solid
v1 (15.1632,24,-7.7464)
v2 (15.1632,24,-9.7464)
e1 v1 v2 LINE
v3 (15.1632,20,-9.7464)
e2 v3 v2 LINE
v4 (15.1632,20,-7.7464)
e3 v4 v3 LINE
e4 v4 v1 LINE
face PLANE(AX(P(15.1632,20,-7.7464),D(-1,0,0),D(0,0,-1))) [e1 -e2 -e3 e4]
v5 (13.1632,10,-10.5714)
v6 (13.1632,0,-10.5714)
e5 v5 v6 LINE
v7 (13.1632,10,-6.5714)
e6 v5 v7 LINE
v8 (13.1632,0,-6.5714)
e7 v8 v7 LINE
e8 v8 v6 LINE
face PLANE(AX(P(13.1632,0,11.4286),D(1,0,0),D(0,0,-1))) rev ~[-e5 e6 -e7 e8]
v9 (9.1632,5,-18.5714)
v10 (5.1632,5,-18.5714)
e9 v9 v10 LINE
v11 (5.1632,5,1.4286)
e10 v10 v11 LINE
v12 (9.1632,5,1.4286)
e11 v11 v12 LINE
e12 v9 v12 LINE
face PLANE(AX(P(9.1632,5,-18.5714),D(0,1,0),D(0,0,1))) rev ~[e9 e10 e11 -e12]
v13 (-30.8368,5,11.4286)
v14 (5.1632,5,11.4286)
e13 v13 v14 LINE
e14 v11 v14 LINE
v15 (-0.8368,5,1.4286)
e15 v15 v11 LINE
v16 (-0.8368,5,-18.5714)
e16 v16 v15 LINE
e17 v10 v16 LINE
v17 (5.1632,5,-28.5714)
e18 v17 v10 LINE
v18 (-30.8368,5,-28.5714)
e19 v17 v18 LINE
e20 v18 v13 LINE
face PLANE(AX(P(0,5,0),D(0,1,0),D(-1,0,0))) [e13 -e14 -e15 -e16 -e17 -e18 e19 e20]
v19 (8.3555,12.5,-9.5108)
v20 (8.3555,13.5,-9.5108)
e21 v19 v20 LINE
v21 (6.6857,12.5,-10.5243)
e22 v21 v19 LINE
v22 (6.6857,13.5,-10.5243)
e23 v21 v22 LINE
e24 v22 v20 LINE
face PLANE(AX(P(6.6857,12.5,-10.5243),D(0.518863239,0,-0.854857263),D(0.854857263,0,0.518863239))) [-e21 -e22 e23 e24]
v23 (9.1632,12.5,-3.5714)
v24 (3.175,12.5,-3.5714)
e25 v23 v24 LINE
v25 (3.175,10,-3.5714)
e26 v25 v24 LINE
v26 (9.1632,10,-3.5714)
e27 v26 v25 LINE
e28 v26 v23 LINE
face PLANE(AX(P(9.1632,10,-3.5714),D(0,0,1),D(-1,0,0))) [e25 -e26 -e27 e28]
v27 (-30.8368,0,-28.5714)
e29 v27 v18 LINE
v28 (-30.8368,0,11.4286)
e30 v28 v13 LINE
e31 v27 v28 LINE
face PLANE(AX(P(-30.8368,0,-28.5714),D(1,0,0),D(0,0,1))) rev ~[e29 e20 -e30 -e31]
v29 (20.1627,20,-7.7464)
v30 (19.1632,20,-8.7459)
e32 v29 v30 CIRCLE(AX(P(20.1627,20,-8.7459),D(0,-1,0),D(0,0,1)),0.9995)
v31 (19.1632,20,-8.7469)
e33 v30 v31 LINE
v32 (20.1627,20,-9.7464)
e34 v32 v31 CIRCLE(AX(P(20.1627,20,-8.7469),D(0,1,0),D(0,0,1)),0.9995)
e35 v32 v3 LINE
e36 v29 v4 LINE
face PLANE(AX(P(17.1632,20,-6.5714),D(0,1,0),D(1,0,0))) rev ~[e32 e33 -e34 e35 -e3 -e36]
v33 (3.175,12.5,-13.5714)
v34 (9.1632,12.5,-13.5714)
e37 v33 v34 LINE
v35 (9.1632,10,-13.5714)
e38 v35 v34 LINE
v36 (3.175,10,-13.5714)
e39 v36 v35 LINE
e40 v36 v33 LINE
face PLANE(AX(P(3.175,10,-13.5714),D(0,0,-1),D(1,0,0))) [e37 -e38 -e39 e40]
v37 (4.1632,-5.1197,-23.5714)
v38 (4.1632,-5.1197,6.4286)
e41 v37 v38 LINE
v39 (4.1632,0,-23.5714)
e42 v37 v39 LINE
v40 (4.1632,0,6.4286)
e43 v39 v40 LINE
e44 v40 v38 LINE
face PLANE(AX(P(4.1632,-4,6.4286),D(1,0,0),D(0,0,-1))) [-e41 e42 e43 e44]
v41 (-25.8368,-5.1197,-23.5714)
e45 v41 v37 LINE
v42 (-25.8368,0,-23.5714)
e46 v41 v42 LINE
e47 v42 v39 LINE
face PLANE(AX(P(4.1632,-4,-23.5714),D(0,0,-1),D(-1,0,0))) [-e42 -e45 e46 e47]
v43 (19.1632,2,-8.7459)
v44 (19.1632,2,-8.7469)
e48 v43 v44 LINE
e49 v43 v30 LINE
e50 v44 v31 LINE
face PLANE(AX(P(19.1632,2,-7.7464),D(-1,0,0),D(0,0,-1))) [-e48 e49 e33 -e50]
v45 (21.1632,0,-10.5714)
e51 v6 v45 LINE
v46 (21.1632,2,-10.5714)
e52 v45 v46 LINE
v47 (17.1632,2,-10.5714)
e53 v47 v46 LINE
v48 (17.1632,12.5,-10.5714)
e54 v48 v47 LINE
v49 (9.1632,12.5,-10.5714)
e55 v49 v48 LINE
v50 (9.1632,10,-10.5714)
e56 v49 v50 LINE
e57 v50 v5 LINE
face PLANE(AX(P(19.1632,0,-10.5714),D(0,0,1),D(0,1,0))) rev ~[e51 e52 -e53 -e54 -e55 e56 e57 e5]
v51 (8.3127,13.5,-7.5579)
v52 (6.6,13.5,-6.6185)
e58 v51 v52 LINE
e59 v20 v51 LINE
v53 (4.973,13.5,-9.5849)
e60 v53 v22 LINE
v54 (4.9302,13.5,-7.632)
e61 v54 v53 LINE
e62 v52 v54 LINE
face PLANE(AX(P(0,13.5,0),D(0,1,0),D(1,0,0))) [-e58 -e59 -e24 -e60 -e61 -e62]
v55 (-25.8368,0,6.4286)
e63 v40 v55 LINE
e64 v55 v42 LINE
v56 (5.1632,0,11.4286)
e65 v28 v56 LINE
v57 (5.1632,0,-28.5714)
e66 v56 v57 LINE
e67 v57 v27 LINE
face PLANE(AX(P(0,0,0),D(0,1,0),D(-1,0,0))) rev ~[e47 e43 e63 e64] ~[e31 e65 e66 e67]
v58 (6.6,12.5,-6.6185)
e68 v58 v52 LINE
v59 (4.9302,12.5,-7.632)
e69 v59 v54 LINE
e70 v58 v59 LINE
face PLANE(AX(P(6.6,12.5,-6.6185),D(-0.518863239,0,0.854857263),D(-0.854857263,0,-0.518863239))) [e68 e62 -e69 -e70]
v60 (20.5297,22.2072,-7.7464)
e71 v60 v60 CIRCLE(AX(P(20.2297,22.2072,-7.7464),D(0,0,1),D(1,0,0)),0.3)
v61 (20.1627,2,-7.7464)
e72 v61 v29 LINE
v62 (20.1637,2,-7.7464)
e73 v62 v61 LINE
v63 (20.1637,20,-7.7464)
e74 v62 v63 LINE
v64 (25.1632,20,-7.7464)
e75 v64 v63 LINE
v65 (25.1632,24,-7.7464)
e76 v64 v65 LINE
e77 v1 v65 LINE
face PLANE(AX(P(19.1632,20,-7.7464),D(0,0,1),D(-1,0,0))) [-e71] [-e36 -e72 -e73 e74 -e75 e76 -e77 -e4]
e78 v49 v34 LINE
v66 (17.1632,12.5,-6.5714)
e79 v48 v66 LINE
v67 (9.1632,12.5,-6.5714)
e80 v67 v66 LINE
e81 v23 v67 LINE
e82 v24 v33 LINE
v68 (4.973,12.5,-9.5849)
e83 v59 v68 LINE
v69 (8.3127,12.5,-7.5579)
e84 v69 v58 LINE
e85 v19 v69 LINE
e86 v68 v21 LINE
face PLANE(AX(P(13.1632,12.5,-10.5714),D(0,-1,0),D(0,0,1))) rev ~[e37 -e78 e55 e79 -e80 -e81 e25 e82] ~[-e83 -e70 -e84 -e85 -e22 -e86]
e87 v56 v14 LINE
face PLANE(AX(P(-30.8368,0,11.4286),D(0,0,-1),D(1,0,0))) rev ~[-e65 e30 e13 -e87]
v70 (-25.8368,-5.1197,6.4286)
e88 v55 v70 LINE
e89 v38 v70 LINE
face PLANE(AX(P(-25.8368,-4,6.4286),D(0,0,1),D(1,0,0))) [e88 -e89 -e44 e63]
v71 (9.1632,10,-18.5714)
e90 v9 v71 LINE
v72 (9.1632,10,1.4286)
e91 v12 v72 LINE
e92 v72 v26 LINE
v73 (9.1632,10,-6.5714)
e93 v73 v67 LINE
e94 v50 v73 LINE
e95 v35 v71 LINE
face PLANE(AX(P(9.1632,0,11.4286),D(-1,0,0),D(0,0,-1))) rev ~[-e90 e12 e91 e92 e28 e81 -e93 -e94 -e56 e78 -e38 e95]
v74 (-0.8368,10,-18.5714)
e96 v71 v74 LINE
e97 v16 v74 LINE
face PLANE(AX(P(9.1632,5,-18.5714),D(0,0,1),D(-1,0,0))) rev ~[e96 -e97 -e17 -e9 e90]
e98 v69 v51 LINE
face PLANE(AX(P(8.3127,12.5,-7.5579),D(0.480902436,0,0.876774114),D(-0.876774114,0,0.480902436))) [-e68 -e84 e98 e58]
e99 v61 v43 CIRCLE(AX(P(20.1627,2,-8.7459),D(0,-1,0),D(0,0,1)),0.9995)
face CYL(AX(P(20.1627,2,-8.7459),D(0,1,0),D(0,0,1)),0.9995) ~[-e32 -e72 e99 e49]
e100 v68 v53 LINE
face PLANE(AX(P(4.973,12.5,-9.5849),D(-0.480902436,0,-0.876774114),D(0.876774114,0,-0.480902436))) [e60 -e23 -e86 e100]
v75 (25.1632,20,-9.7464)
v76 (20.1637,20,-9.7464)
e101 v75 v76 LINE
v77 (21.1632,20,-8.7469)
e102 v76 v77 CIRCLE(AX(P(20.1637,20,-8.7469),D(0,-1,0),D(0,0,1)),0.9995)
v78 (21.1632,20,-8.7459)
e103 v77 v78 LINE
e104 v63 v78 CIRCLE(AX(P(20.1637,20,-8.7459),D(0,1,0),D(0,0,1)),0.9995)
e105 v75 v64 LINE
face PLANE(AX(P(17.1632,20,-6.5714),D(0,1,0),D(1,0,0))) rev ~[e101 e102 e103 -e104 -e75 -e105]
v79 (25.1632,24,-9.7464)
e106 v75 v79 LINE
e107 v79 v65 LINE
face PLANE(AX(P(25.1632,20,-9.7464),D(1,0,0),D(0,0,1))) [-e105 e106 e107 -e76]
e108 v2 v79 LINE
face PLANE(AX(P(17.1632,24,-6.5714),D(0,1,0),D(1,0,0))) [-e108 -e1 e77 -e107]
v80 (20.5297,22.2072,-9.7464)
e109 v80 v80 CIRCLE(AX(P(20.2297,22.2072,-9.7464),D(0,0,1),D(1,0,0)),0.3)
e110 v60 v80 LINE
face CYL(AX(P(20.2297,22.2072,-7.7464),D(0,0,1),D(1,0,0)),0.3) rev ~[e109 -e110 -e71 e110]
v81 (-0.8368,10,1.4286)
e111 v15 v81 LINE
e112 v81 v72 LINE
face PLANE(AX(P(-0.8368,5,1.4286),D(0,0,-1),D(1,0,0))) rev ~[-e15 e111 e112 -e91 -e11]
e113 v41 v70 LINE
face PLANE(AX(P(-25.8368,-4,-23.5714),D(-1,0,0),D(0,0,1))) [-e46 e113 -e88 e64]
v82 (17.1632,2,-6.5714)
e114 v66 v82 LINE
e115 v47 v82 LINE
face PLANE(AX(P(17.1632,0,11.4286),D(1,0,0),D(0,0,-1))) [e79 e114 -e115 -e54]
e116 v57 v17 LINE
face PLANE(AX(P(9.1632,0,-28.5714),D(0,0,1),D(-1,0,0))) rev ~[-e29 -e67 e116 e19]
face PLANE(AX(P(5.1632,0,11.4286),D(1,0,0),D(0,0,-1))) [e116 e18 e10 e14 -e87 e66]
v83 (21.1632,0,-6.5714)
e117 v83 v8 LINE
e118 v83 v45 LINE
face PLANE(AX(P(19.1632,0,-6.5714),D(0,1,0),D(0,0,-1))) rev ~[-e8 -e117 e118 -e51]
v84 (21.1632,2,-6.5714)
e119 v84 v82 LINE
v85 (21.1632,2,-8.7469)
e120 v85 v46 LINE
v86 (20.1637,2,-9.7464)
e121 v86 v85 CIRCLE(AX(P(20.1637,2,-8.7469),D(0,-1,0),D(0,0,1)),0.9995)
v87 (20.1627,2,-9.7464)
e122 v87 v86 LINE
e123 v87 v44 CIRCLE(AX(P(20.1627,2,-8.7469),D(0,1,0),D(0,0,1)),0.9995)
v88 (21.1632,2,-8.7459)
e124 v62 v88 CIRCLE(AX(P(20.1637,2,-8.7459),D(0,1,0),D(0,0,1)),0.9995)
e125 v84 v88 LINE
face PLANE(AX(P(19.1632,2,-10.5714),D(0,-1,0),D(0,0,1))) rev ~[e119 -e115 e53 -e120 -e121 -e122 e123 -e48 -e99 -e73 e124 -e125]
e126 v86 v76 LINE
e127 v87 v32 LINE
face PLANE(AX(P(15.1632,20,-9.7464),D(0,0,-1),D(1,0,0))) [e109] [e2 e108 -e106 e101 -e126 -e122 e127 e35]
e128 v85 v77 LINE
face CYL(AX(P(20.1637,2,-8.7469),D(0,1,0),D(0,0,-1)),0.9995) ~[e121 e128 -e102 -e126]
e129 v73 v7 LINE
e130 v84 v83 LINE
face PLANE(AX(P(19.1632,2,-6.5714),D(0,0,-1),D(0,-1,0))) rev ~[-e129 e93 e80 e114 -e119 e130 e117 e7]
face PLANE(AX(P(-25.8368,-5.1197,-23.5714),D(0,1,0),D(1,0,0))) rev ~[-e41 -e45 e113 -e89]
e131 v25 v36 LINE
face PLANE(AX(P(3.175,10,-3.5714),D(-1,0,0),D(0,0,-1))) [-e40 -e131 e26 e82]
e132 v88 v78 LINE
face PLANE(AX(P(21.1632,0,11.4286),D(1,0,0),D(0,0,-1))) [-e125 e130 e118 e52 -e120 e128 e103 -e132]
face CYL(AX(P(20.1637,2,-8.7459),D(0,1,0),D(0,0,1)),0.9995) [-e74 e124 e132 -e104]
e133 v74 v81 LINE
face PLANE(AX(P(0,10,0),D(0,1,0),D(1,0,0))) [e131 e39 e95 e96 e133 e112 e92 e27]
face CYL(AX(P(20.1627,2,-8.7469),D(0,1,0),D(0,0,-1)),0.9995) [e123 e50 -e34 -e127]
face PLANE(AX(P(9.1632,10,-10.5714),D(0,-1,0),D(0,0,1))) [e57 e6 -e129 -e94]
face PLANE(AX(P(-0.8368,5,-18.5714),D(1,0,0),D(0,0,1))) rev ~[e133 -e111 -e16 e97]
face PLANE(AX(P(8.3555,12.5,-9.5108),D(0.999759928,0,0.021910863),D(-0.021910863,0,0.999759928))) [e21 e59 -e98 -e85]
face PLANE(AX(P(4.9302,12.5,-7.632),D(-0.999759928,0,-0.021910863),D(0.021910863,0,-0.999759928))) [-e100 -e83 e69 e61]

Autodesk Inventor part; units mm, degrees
ref_plane "YZ Plane" through (0, 0, 0) normal (1, 0, 0) x (0, 1, 0)
ref_plane "XZ Plane" through (0, 0, 0) normal (0, 1, 0) x (-1, 0, 0)
ref_plane "XY Plane" through (0, 0, 0) normal (0, 0, 1) x (1, 0, 0)
sketch "Sketch1" plane through (0, 0, 0) normal (0, 1, 0) x (-1, 0, 0)
  line L0 (30.8368, 11.4286) -> (-9.1632, 11.4286)
  line L1 (-9.1632, 11.4286) -> (-9.1632, -28.5714)
  line L2 (-9.1632, -28.5714) -> (30.8368, -28.5714)
  line L3 (30.8368, -28.5714) -> (30.8368, 11.4286)
  point P0 (0, 0)
  dimension "d0" = 40
  dimension "d1" = 40
extrude "Extrusion1" add sketch "Sketch1" along normal blind 5
sketch "Sketch7" plane through (9.1632, 0, -28.5714) normal (1, 0, 0) x (0, 0, -1)
  point P0 (-28.5714, 0)
sketch "Sketch8" plane through (0, 0, 0) normal (0, -1, 0) x (1, 0, 0)
  point P0 (0, 0)
sketch "Sketch11" plane through (0, 5, 0) normal (0, 1, 0) x (1, 0, 0)
  line L0 (9.1632, -11.4286) -> (9.1632, 28.5714) projected
  line L1 (9.1632, 18.5714) -> (-0.8368, 18.5714)
  line L2 (-0.8368, 18.5714) -> (-0.8368, -1.4286)
  line L3 (-0.8368, -1.4286) -> (9.1632, -1.4286)
  line L4 (9.1632, -1.4286) -> (9.1632, 18.5714)
  line L5 (-30.8368, -11.4286) -> (9.1632, -11.4286) projected
  point P0 (0, 0)
  dimension "d29" = 10
  dimension "d30" = 20
  dimension "d31" = 10
extrude "Extrusion7" add sketch "Sketch11" along normal blind 5
sketch "Sketch12" plane through (0, 10, 0) normal (0, 1, 0) x (1, 0, 0)
  line L0 (9.1632, -1.4286) -> (9.1632, 18.5714) projected
  line L1 (3.175, 13.5714) -> (9.1632, 13.5714)
  line L2 (9.1632, 13.5714) -> (9.1632, 3.5714)
  line L3 (9.1632, 3.5714) -> (3.175, 3.5714)
  line L4 (3.175, 3.5714) -> (3.175, 13.5714)
  line L5 (9.1632, 18.5714) -> (-0.8368, 18.5714) projected
  point P0 (0, 0)
  dimension "d34" = 10
  dimension "d35" = 5
extrude "Extrusion8" add sketch "Sketch12" along normal blind 2.5
sketch "Sketch13" plane through (9.1632, 0, 11.4286) normal (1, 0, 0) x (0, 0, -1)
  line L0 (25, 12.5) -> (15, 12.5) projected
  line L1 (30, 10) -> (10, 10) projected
  line L2 (18, 12.5) -> (22, 12.5)
  line L3 (22, 12.5) -> (22, 10)
  line L4 (22, 10) -> (18, 10)
  line L5 (18, 10) -> (18, 12.5)
  line L6 (15, 10) -> (15, 12.5) projected
  point P0 (11.4286, 0)
  dimension "d38" = 4
  dimension "d39" = 3
extrude "Extrusion9" add sketch "Sketch13" along normal blind 4 contours L3 L1 L5 L0
sketch "Sketch14" plane through (0, 0, 0) normal (0, -1, 0) x (1, 0, 0)
  line L0 (4.1632, 6.4286) -> (-25.8368, 6.4286)
  line L1 (-25.8368, 6.4286) -> (-25.8368, -23.5714)
  line L2 (-25.8368, -23.5714) -> (4.1632, -23.5714)
  line L3 (4.1632, -23.5714) -> (4.1632, 6.4286)
  line L4 (9.1632, 11.4286) -> (9.1632, -28.5714) projected
  line L5 (9.1632, -28.5714) -> (-30.8368, -28.5714) projected
  point P0 (0, 0)
  dimension "d42" = 30
  dimension "d43" = 30
  dimension "d44" = 5
  dimension "d45" = 5
extrude "Extrusion10" add sketch "Sketch14" along normal blind 4
sketch "Sketch15" plane through (13.1632, 0, 11.4286) normal (1, 0, 0) x (0, 0, -1)
  line L0 (25, 12.5) -> (15, 12.5) projected
  line L1 (18.0261, 12.5) -> (22.0261, 12.5)
  line L2 (22.0261, 12.5) -> (22.0261, -15.875)
  line L3 (22.0261, -15.875) -> (18.0261, -15.875)
  line L4 (18.0261, -15.875) -> (18.0261, 12.5)
  point P0 (11.4286, 0)
  dimension "d48" = 4
extrude "Extrusion11" add sketch "Sketch15" along normal blind 4
sketch "Sketch30" plane through (13.1632, -15.875, -6.5975) normal (0, 0, 1) x (1, 0, 0)
  point P0 (-13.1632, 15.875)
sketch "Sketch31" plane through (17.1632, 0, 11.4286) normal (1, 0, 0) x (0, 0, -1)
  line L0 (18.0261, 10) -> (18.0261, -15.875) projected
  line L1 (22.0261, -15.875) -> (22.0261, 12.5) projected
  line L2 (18.0261, -15.875) -> (22.0261, -15.875)
  line L3 (22.0261, -15.875) -> (22.0261, -13.875)
  line L4 (22.0261, -13.875) -> (18.0261, -13.875)
  line L5 (18.0261, -13.875) -> (18.0261, -15.875)
  line L6 (18.0261, 12.5) -> (22.0261, 12.5)
  line L7 (22.0261, 12.5) -> (22.0261, -15.875)
  line L8 (22.0261, -15.875) -> (18.0261, -15.875)
  line L9 (18.0261, -15.875) -> (18.0261, 12.5)
  point P0 (11.4286, 0)
  dimension "d75" = 2
extrude "Extrusion21" cut sketch "Sketch31" against normal blind 4 contours L9 L6 L1 L4 L0
sketch "Sketch32" plane through (17.1632, 0, 11.4286) normal (1, 0, 0) x (0, 0, -1)
  line L0 (15.875, -11.1125) -> (23.8125, -11.1125)
  line L1 (23.8125, -11.1125) -> (23.8125, -20.6375)
  line L2 (23.8125, -20.6375) -> (15.875, -20.6375)
  line L3 (15.875, -20.6375) -> (15.875, -11.1125)
  point P0 (11.4286, 0)
extrude "Extrusion22" cut sketch "Sketch32" against normal blind 4
sketch "Sketch33" plane through (13.1632, 0, 11.4286) normal (1, 0, 0) x (0, 0, -1)
  line L0 (25, 12.5) -> (15, 12.5) projected
  line L1 (5, 0) -> (35, 0) projected
  line L2 (18, 12.5) -> (22, 12.5)
  line L3 (22, 12.5) -> (22, 0)
  line L4 (22, 0) -> (18, 0)
  line L5 (18, 0) -> (18, 12.5)
  line L6 (18, 12.5) -> (18, 10) projected
  point P0 (11.4286, 0)
  dimension "d80" = 4
  dimension "d81" = 0
extrude "Extrusion23" add sketch "Sketch33" along normal blind 4
sketch "Sketch34" plane through (17.1632, 0, 11.4286) normal (1, 0, 0) x (0, 0, -1)
  line L0 (5, 0) -> (35, 0) projected
  line L1 (22, 0) -> (22, 10) projected
  line L2 (18, 0) -> (22, 0)
  line L3 (22, 0) -> (22, 2)
  line L4 (22, 2) -> (18, 2)
  line L5 (18, 2) -> (18, 0)
  line L6 (18, 12.5) -> (18, 0) projected
  point P0 (11.4286, 0)
  dimension "d84" = 2
  dimension "d85" = 0
extrude "Extrusion24" add sketch "Sketch34" along normal blind 2
sketch "Sketch35" plane through (17.1632, 2, -6.5714) normal (0, 1, 0) x (1, 0, 0)
  point P0 (-17.1632, -6.5714)
sketch "Sketch36" plane through (19.1632, 0, 11.4286) normal (1, 0, 0) x (0, 0, -1)
  line L0 (22, 0) -> (22, 10) projected
  line L1 (22, 2) -> (18, 2)
  line L2 (18, 2) -> (18, 0)
  line L3 (18, 0) -> (22, 0)
  line L4 (22, 0) -> (22, 2)
  point P0 (11.4286, 0)
  dimension "d88" = 4
  dimension "d89" = 2
extrude "Extrusion25" add sketch "Sketch36" along normal blind 2
sketch "Sketch37" plane through (17.1632, 2, -6.5714) normal (0, 1, 0) x (1, 0, 0)
  line L0 (2, 3.175) -> (4, 3.175)
  line L1 (4, 3.175) -> (4, 1.175)
  line L2 (4, 1.175) -> (2, 1.175)
  line L3 (2, 1.175) -> (2, 3.175)
  line L4 (4, 4) -> (4, 0) projected
  point P0 (-17.1632, -6.5714)
  dimension "d92" = 2
  dimension "d93" = 2
  dimension "d94" = 0
extrude "Extrusion26" add sketch "Sketch37" along normal blind 18
sketch "Sketch38" plane through (17.1632, 20, -6.5714) normal (0, 1, 0) x (1, 0, 0)
  line L0 (-2, 3.175) -> (8, 3.175)
  line L1 (8, 3.175) -> (8, 1.175)
  line L2 (8, 1.175) -> (-2, 1.175)
  line L3 (-2, 1.175) -> (-2, 3.175)
  line L4 (4, 3.175) -> (2, 3.175) projected
  line L5 (4, 1.175) -> (4, 3.175) projected
  line L6 (2, 3.175) -> (2, 1.175) projected
  point P0 (-17.1632, -6.5714)
  dimension "d97" = 2
  dimension "d98" = 0
  dimension "d99" = 4
  dimension "d100" = 4
extrude "Extrusion27" add sketch "Sketch38" along normal blind 4
fillet "Fillet1" radius 1 4 edges at (21.1632, 11, -9.7464) (19.1632, 11, -9.7464) (19.1632, 11, -7.7464) (21.1632, 11, -7.7464)
sketch "Sketch40" plane through (15.1632, 24, -7.7464) normal (0, 0, 1) x (1, 0, 0)
  circle A0 centre (5.0665, -1.7928) radius 0.3
  point P0 (-15.1632, -24)
  dimension "d110" = 0.6
extrude "Extrusion29" cut sketch "Sketch40" against normal blind 100
sketch "Sketch41" plane through (15.1632, 24, -7.7464) normal (0, 0, 1) x (1, 0, 0)
  circle A0 centre (5.0665, -1.7928) radius 0.3 projected
  circle A1 centre (5.0665, -1.7928) radius 0.3
  point P0 (-15.1632, -24)
sketch "Sketch42" plane through (0, -4, 0) normal (0, -1, 0) x (1, 0, 0)
  line L0 (4.1632, 6.4286) -> (4.1632, -23.5714) projected
  line L1 (-25.8368, 6.4286) -> (4.1632, 6.4286) projected
  line L2 (4.1632, -23.5714) -> (-25.8368, -23.5714)
  line L3 (-25.8368, -23.5714) -> (-25.8368, 6.4286)
  line L4 (-25.8368, 6.4286) -> (4.1632, 6.4286)
  line L5 (4.1632, 6.4286) -> (4.1632, -23.5714)
  point P0 (0, 0)
extrude "Extrusion30" add sketch "Sketch42" along normal blind 10
sketch "Sketch43" plane through (0, 12.5, 0) normal (0, 1, 0) x (1, 0, 0)
  line L0 (4.973, 9.5849) -> (6.6857, 10.5243)
  line L1 (6.6857, 10.5243) -> (8.3555, 9.5108)
  line L2 (8.3555, 9.5108) -> (8.3127, 7.5579)
  line L3 (8.3127, 7.5579) -> (6.6, 6.6185)
  line L4 (6.6, 6.6185) -> (4.9302, 7.632)
  line L5 (4.9302, 7.632) -> (4.973, 9.5849)
  point P0 (0, 0)
  point P1 (6.6429, 8.5714)
extrude "Extrusion31" add sketch "Sketch43" along normal blind 1
sketch "Sketch44" plane through (0, 0, 0) normal (0, -1, 0) x (1, 0, 0)
  circle A0 centre (6.6857, -8.642) radius 1.5
  point P0 (0, 0)
  dimension "d117" = 3
extrude "Extrusion32" add sketch "Sketch44" along normal blind 1
sketch "Sketch45" plane through (4.1632, 0, -23.5714) normal (0, 0, -1) x (-1, 0, 0)
  line L0 (30, -14) -> (0, -14) projected
  line L1 (30, 0) -> (30, -14) projected
  line L2 (0, -14) -> (30, -14)
  line L3 (30, -14) -> (30, -5.1197)
  line L4 (30, -5.1197) -> (0, -5.1197)
  line L5 (0, -5.1197) -> (0, -14)
  point P0 (4.1632, 0)
extrude "Extrusion33" cut sketch "Sketch45" against normal blind 100
sketch "Sketch46" plane through (-25.8368, -5.1197, -23.5714) normal (0, -1, 0) x (1, 0, 0)
  point P0 (25.8368, 23.5714)
sketch "Sketch47" plane through (9.1632, 0, 11.4286) normal (1, 0, 0) x (0, 0, -1)
  line L0 (35, -5.1197) -> (5, -5.1197) projected
  line L1 (40, 5) -> (0, 5) projected
  line L2 (35, -5.1197) -> (0, -5.1197)
  line L3 (0, -5.1197) -> (0, 5)
  line L4 (0, 5) -> (35, 5)
  line L5 (30, 5) -> (40, 5) projected
  line L6 (35, 5) -> (40, 5)
  line L7 (40, 0) -> (40, 5) projected
  line L8 (40, 5) -> (40, -5.1197)
  line L9 (40, -5.1197) -> (33.3375, -5.1197)
  point P0 (11.4286, 0)
  point P1 (5, -5.1197)
extrude "Extrusion34" cut sketch "Sketch47" against normal blind 4
properties part number "upper plate"
